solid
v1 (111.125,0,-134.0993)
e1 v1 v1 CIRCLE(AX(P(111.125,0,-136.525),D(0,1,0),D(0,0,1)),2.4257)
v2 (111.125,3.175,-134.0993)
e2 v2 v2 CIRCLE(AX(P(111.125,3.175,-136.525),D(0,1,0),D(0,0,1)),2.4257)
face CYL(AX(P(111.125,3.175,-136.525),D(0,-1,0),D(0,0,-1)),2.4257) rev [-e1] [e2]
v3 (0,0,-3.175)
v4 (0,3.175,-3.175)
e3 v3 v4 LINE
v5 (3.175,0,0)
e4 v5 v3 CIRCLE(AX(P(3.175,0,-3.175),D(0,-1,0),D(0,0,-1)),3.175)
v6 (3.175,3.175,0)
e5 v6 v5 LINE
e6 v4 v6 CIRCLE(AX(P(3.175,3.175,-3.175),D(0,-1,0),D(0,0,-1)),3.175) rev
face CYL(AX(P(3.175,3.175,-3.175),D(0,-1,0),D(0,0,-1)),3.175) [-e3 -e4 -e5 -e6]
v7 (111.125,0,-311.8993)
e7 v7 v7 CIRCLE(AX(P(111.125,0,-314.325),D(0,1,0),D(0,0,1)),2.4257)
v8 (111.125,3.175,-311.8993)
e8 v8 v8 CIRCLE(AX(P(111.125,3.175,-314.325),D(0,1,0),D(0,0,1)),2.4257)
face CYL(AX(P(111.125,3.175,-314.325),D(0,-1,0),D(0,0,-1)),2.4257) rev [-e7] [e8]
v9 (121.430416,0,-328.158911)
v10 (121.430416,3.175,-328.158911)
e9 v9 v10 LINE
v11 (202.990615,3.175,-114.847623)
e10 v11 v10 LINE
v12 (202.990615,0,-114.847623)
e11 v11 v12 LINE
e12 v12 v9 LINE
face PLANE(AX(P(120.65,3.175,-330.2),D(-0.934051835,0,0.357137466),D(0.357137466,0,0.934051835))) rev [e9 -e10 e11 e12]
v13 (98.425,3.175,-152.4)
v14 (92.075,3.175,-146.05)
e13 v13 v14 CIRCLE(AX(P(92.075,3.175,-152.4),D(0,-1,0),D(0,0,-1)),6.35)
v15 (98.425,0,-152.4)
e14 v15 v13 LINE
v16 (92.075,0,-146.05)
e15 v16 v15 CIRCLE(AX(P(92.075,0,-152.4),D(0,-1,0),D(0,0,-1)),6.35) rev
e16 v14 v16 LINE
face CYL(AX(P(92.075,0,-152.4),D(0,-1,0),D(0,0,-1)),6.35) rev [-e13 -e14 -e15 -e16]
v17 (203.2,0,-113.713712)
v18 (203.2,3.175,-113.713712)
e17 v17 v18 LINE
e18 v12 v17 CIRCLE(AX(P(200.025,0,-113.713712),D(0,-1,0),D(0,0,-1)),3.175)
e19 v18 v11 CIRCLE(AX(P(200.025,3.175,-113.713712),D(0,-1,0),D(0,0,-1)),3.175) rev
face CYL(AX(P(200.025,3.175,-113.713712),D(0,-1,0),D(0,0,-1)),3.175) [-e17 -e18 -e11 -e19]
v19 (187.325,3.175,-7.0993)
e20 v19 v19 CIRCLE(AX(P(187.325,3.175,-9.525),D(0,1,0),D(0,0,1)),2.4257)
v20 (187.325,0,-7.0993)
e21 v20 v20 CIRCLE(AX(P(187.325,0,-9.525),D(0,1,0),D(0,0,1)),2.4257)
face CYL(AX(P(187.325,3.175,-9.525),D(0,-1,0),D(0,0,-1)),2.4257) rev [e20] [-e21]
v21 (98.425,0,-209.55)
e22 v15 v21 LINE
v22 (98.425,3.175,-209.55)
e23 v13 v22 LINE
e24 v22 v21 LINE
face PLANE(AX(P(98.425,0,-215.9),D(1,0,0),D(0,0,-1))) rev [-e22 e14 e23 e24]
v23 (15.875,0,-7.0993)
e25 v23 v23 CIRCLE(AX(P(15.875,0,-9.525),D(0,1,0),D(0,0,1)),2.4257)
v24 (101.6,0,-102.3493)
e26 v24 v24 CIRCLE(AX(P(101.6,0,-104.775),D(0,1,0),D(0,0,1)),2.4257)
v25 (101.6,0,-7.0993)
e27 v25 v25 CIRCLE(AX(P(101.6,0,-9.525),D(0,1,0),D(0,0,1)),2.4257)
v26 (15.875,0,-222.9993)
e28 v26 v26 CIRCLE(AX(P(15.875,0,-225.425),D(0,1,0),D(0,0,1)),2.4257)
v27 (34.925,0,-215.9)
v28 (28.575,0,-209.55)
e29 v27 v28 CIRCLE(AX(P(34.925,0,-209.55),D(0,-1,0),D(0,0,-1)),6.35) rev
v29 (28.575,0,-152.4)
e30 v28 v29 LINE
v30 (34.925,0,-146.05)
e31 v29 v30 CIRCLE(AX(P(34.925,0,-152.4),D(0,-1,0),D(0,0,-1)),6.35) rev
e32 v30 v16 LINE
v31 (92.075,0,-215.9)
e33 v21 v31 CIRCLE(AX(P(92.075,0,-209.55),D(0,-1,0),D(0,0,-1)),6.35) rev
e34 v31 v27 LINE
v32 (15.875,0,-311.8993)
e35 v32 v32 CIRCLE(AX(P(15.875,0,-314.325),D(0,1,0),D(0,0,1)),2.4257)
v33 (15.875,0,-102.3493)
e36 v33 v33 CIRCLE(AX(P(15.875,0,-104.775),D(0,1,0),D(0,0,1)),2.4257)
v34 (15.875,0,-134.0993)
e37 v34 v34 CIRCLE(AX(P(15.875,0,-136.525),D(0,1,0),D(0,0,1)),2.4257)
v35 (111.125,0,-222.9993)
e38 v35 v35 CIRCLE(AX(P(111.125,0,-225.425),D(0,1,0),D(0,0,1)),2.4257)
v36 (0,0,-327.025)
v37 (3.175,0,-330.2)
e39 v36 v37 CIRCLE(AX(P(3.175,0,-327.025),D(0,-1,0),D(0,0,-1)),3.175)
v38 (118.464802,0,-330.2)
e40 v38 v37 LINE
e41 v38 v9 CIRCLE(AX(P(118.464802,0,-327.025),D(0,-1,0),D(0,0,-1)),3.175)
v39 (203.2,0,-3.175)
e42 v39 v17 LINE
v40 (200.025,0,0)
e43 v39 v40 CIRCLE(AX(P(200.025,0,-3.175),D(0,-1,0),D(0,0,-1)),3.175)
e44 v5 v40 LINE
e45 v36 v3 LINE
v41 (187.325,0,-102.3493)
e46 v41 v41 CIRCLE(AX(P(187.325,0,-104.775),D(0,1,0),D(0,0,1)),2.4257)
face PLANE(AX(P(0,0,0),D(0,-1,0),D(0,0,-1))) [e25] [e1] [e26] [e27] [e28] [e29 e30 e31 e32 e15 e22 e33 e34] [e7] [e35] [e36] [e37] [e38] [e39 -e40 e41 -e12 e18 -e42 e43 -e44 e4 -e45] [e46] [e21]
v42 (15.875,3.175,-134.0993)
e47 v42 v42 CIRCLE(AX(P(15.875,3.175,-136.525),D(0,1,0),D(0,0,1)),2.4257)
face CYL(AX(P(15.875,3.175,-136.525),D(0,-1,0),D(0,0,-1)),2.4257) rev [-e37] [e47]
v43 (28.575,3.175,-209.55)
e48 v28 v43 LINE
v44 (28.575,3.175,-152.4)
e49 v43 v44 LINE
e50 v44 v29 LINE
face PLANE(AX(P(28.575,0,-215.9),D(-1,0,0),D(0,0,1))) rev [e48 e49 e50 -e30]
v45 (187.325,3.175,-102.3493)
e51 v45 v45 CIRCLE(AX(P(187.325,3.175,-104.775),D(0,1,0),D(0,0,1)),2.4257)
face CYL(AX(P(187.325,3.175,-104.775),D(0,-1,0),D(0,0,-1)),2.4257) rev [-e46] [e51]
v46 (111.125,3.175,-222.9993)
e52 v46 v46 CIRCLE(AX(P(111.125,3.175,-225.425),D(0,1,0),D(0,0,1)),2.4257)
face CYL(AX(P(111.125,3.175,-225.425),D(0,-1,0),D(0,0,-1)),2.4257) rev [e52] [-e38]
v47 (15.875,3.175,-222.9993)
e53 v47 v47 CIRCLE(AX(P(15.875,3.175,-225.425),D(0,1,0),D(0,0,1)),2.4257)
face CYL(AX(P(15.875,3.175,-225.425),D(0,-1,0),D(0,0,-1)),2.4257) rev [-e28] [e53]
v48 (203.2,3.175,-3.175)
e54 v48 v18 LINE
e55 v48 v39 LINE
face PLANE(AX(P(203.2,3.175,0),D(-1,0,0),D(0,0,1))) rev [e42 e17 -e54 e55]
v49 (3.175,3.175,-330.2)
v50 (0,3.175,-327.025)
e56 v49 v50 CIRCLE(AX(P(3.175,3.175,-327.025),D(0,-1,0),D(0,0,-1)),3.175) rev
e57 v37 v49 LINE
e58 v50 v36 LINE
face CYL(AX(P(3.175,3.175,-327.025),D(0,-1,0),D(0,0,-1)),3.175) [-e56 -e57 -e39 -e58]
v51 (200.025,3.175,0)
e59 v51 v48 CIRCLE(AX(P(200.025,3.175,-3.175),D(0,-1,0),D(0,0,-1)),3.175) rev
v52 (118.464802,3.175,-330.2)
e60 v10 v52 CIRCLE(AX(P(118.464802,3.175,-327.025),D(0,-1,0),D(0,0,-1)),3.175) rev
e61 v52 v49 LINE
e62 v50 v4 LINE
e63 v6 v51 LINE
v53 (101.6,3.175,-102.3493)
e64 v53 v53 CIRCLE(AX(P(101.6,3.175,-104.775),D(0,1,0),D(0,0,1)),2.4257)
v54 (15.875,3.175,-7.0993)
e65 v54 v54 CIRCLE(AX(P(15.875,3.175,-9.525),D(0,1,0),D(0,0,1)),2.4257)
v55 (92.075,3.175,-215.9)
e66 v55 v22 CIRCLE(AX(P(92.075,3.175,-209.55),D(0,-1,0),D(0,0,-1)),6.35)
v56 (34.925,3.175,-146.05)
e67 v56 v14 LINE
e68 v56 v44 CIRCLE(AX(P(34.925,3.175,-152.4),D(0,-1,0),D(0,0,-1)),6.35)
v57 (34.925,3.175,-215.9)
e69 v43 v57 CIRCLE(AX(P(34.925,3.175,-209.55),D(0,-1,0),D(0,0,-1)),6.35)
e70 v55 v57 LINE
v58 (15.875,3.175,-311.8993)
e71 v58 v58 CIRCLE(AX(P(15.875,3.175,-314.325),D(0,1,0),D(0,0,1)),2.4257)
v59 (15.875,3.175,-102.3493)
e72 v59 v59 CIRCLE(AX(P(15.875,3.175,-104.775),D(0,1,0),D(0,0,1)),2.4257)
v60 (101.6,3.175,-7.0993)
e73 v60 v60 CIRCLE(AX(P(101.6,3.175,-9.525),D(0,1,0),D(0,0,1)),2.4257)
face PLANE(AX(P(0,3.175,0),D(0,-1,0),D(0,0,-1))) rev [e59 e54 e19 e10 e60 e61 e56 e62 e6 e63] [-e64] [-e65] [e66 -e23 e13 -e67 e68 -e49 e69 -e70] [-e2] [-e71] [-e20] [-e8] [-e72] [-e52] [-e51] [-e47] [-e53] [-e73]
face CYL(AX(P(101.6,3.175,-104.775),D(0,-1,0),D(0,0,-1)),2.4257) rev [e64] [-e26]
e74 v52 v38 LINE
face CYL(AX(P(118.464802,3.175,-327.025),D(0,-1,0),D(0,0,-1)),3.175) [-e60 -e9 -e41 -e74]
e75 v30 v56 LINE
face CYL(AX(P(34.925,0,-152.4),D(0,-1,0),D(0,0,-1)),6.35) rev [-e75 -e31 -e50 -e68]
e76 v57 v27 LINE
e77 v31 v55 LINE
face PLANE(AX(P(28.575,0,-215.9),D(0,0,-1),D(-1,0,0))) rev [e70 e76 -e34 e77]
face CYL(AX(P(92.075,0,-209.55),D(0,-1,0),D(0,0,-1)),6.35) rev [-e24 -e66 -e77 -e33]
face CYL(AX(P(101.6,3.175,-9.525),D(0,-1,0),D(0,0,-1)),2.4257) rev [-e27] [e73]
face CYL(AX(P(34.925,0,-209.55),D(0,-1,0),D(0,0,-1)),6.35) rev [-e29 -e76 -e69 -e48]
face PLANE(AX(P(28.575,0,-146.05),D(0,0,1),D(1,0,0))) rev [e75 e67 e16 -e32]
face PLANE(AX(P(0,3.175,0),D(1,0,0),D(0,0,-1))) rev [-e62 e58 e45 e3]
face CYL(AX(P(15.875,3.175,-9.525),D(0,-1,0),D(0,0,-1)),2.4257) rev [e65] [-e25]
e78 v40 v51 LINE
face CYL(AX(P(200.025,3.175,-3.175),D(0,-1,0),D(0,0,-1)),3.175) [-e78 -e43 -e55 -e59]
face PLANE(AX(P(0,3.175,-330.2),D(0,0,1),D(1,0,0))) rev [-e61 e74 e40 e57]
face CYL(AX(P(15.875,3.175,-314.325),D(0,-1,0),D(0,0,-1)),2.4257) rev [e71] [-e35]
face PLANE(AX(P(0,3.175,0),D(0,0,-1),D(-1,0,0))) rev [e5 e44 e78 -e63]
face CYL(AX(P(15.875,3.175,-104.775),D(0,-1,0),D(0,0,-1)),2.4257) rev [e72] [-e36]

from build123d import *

# Parameters (mm, degrees)
SKETCH1_R           = 2.4257
BOSS_EXTRUDE1_DEPTH = 3.175
FILLET1_R           = 3.175
SKETCH2_W           = 69.85
SKETCH2_H           = 69.85
CUT_EXTRUDE1_DEPTH  = 388.727172926
FILLET3_R           = 6.35


with BuildPart() as part:
    # Sketch1 → Boss-Extrude1 (new body)
    with BuildSketch(Plane(origin=(0, 0, 0), x_dir=(1, 0, 0), z_dir=(0, 1, 0))):
        Polygon((0, 0), (203.2, 0), (203.2, 114.3), (120.65, 330.2), (0, 330.2), align=None)
        with Locations(Location((15.875, 9.525, 0), (0, 0, 270))):
            Circle(SKETCH1_R, mode=Mode.SUBTRACT)
        with Locations(Location((101.6, 9.525, 0), (0, 0, 270))):
            Circle(SKETCH1_R, mode=Mode.SUBTRACT)
        with Locations(Location((187.325, 9.525, 0), (0, 0, 270))):
            Circle(SKETCH1_R, mode=Mode.SUBTRACT)
        with Locations(Location((15.875, 104.775, 0), (0, 0, 270))):
            Circle(SKETCH1_R, mode=Mode.SUBTRACT)
        with Locations(Location((187.325, 104.775, 0), (0, 0, 270))):
            Circle(SKETCH1_R, mode=Mode.SUBTRACT)
        with Locations(Location((101.6, 104.775, 0), (0, 0, 270))):
            Circle(SKETCH1_R, mode=Mode.SUBTRACT)
        with Locations(Location((15.875, 136.525, 0), (0, 0, 270))):
            Circle(SKETCH1_R, mode=Mode.SUBTRACT)
        with Locations(Location((111.125, 136.525, 0), (0, 0, 270))):
            Circle(SKETCH1_R, mode=Mode.SUBTRACT)
        with Locations(Location((15.875, 225.425, 0), (0, 0, 270))):
            Circle(SKETCH1_R, mode=Mode.SUBTRACT)
        with Locations(Location((15.875, 314.325, 0), (0, 0, 270))):
            Circle(SKETCH1_R, mode=Mode.SUBTRACT)
        with Locations(Location((111.125, 225.425, 0), (0, 0, 270))):
            Circle(SKETCH1_R, mode=Mode.SUBTRACT)
        with Locations(Location((111.125, 314.325, 0), (0, 0, 270))):
            Circle(SKETCH1_R, mode=Mode.SUBTRACT)
    extrude(amount=BOSS_EXTRUDE1_DEPTH)

    # Fillet1
    fillet1_edges = [part.edges().sort_by_distance(p)[0] for p in [
        (0, 1.5875, -330.2),
        (120.65, 1.5875, -330.2),
        (203.2, 1.5875, -114.3),
        (203.2, 1.5875, 0),
        (0, 1.5875, 0),
    ]]
    fillet(fillet1_edges, radius=FILLET1_R)

    # Sketch2 → Cut-Extrude1 (cut, through all)
    with BuildSketch(Plane(origin=(0, 3.175, 0), x_dir=(1, 0, 0), z_dir=(0, 1, 0))):
        with Locations((63.5, 180.975)):
            Rectangle(SKETCH2_W, SKETCH2_H)
    extrude(amount=-CUT_EXTRUDE1_DEPTH, mode=Mode.SUBTRACT)

    # Fillet3
    fillet3_edges = [part.edges().sort_by_distance(p)[0] for p in [
        (98.425, 1.5875, -215.9),
        (98.425, 1.5875, -146.05),
        (28.575, 1.5875, -146.05),
        (28.575, 1.5875, -215.9),
    ]]
    fillet(fillet3_edges, radius=FILLET3_R)


solid = part.part
